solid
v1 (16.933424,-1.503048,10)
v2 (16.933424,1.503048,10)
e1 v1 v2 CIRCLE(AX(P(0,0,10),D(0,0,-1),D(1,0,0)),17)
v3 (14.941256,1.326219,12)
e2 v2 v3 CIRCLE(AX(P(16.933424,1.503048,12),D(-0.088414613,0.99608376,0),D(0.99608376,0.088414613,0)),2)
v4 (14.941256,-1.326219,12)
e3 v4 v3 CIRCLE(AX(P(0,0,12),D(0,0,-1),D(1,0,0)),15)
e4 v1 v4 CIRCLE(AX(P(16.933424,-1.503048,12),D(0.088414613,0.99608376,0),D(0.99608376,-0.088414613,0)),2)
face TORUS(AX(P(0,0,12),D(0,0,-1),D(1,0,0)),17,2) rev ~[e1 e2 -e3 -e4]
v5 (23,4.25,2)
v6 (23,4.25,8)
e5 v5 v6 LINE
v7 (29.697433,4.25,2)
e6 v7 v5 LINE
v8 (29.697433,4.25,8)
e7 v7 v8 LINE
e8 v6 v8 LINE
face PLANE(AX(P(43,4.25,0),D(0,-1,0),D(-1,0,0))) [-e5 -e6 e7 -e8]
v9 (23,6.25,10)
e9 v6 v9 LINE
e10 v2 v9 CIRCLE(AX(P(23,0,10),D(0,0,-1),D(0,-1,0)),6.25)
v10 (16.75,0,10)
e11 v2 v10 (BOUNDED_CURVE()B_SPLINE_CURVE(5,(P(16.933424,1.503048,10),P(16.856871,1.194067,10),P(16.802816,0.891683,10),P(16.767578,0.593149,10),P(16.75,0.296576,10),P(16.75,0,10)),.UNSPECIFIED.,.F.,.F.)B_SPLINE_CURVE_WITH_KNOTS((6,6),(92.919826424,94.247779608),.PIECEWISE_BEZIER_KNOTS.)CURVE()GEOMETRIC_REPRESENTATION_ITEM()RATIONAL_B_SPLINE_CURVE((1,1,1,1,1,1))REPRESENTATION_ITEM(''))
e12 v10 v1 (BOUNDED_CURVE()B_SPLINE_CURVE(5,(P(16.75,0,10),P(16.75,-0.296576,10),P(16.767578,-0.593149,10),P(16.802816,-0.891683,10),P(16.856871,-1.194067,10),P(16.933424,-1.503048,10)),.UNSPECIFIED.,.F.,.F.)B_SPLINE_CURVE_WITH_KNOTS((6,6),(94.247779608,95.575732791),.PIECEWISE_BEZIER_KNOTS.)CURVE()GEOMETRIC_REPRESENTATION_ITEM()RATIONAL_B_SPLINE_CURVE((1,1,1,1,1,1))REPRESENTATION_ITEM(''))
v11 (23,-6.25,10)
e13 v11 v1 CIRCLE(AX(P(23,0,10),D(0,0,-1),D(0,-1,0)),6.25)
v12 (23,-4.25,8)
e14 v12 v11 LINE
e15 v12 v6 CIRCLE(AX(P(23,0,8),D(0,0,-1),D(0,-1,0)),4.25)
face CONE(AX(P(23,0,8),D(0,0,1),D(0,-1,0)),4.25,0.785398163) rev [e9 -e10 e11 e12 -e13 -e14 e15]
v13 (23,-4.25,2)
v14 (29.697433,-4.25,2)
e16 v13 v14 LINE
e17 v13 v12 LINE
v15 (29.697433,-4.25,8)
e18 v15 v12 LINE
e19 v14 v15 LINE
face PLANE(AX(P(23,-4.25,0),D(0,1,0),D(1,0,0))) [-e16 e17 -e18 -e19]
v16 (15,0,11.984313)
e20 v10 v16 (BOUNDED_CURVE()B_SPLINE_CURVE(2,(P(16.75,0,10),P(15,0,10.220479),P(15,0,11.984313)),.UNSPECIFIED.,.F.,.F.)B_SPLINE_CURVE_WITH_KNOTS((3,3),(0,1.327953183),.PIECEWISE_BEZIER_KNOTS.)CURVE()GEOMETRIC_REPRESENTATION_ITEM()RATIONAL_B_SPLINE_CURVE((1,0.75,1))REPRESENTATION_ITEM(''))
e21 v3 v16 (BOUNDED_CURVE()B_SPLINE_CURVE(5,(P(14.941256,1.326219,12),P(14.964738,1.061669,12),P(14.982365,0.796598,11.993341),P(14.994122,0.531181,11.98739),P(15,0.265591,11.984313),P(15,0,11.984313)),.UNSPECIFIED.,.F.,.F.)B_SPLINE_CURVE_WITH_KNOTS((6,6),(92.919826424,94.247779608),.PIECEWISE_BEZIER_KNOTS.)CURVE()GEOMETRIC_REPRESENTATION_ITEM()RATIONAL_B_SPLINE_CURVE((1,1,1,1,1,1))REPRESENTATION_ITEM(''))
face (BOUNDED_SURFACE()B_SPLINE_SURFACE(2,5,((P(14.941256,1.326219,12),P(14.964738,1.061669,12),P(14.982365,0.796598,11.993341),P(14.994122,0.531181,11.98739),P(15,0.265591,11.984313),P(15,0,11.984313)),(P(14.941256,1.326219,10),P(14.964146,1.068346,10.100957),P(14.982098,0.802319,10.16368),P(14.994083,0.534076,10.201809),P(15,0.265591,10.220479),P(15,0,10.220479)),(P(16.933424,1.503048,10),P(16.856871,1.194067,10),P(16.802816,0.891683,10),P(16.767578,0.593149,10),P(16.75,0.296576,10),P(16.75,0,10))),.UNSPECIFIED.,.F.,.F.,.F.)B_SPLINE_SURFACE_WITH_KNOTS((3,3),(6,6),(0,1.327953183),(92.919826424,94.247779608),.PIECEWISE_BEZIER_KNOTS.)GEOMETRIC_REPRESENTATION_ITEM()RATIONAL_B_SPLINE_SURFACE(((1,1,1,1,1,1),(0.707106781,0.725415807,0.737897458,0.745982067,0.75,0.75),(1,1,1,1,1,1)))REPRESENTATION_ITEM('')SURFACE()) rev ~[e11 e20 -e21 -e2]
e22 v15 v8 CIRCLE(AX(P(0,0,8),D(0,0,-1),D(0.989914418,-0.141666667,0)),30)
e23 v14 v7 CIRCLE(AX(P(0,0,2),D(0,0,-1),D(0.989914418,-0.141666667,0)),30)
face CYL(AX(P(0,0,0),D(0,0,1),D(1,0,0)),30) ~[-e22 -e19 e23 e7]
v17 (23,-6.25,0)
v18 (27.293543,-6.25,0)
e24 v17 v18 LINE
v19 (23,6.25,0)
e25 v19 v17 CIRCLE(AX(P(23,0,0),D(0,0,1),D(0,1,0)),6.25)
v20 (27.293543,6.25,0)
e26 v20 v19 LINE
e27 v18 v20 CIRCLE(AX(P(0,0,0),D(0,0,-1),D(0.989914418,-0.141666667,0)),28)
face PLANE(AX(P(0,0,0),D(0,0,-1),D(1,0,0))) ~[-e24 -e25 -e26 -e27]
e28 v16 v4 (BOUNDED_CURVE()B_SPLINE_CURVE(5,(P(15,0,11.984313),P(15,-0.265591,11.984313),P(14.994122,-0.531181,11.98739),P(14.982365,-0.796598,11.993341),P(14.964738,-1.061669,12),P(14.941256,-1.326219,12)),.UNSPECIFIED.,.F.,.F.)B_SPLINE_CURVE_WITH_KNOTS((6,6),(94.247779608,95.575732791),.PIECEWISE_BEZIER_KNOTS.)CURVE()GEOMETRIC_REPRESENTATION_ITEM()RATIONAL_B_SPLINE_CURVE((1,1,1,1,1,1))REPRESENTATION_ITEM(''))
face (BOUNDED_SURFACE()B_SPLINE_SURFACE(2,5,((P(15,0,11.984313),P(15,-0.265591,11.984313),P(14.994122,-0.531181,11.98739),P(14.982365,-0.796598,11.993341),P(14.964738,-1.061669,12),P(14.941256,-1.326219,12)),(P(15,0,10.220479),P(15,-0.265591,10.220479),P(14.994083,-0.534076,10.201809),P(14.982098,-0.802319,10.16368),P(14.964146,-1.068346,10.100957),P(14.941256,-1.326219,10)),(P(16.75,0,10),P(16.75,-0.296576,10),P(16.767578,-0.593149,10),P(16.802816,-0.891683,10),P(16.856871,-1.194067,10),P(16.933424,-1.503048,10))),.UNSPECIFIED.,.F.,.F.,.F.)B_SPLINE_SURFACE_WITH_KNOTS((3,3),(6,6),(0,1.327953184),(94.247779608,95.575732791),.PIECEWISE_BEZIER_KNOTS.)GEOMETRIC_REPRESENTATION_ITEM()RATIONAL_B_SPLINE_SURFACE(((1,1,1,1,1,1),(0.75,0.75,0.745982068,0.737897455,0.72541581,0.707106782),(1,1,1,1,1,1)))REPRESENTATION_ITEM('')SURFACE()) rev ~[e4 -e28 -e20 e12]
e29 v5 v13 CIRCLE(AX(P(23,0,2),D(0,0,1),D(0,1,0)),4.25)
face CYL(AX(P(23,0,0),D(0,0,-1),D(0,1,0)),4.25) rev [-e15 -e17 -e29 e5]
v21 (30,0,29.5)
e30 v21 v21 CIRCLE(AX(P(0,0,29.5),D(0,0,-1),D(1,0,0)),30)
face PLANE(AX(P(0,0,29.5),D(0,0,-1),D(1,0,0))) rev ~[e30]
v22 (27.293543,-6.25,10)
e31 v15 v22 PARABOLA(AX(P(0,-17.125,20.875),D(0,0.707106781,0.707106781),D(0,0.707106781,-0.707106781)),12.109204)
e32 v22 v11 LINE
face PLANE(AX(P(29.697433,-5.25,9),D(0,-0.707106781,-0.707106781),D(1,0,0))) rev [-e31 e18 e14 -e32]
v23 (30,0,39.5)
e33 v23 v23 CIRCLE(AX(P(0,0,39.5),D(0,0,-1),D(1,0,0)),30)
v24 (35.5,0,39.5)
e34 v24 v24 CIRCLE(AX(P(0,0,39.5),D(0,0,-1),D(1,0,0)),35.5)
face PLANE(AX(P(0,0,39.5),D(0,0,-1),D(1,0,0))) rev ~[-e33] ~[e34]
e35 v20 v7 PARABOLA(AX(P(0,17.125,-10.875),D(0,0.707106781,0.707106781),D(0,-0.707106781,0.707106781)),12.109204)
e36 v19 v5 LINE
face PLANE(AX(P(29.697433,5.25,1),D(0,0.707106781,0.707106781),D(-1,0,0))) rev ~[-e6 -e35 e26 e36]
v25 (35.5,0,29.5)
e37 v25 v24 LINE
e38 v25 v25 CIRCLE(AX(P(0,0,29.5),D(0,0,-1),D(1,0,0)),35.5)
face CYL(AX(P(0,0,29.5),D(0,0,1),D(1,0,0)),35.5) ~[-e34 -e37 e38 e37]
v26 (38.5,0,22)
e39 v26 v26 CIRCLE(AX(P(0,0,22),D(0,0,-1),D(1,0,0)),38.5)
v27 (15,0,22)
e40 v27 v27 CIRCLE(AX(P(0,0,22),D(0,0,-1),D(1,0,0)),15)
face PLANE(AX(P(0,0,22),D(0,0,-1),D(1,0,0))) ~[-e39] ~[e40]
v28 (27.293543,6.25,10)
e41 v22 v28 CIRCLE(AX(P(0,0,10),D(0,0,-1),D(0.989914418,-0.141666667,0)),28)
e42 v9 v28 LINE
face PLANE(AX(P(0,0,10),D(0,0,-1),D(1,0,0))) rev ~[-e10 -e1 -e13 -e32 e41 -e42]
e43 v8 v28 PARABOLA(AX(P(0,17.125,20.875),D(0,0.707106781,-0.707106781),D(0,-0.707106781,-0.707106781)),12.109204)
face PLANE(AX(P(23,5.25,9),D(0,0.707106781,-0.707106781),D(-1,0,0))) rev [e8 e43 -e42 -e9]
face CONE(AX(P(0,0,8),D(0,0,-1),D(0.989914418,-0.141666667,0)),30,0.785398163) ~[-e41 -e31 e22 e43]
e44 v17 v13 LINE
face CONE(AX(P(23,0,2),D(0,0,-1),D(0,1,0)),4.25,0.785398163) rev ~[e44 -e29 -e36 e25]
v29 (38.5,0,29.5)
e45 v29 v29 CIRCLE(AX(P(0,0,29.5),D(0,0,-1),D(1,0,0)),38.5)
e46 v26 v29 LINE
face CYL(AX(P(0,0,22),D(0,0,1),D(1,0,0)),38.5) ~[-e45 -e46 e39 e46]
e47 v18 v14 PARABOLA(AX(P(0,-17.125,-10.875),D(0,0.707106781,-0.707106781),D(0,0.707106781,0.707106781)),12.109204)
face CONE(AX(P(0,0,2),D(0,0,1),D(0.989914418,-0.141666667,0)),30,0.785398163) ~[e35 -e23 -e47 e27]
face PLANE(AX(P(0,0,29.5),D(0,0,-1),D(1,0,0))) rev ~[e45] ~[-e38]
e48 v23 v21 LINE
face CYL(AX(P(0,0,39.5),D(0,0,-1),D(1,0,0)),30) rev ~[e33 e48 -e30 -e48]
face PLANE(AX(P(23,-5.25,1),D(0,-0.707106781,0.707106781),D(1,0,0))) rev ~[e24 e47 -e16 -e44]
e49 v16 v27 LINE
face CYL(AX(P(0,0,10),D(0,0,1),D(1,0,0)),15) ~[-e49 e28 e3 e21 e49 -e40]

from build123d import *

# Parameters (mm, degrees)
F3_DEPTH = 25
F4_SIZE  = 2
F5_R     = 2


with BuildPart() as f1:
    # F0 (on Front) → F1 (revolve)
    with BuildSketch(Plane.XZ):
        Polygon((0, 22), (0, 0), (30, 0), (30, 10), (15, 10), (15, 22), align=None)
    revolve(axis=Axis((0, 0, 11), (0, 0, -1)))

    # F2 (on Top) → F3 (cut)
    with BuildSketch(Plane.XY):
        with BuildLine():
            ThreePointArc((23, -4.25), (26.005204, -3.005204), (27.25, 0))
            ThreePointArc((27.25, 0), (26.005204, 3.005204), (23, 4.25))
            ThreePointArc((23, 4.25), (18.75, 0), (23, -4.25))
        make_face()
        with BuildLine():
            ThreePointArc((23, 4.25), (26.005204, 3.005204), (27.25, 0))
            ThreePointArc((27.25, 0), (26.005204, -3.005204), (23, -4.25))
            Line((23, -4.25), (43, -4.25))
            Line((43, -4.25), (43, 4.25))
            Line((43, 4.25), (23, 4.25))
        make_face()
    extrude(amount=F3_DEPTH, mode=Mode.SUBTRACT)

    # F4
    f4_edges = [f1.edges().sort_by_distance(p)[0] for p in [
        (-30, 0, 0),
        (26.348716, -4.25, 0),
        (18.75, 0, 0),
        (-30, 0, 10),
        (18.75, 0, 10),
    ]]
    chamfer(f4_edges, length=F4_SIZE)

    # F5
    f5_edges = [f1.edges().sort_by_distance(p)[0] for p in [
        (-15, 0, 10),
    ]]
    fillet(f5_edges, radius=F5_R)

    # F0 (on Front) → F6 (revolve)
    with BuildSketch(Plane.XZ):
        Polygon((0, 29.5), (0, 22), (15, 22), (38.5, 22), (38.5, 29.5), (35.5, 29.5), (35.5, 39.5), (30, 39.5), (30, 29.5), align=None)
    revolve(axis=Axis((0, 0, 11), (0, 0, -1)))


solid = f1.part
